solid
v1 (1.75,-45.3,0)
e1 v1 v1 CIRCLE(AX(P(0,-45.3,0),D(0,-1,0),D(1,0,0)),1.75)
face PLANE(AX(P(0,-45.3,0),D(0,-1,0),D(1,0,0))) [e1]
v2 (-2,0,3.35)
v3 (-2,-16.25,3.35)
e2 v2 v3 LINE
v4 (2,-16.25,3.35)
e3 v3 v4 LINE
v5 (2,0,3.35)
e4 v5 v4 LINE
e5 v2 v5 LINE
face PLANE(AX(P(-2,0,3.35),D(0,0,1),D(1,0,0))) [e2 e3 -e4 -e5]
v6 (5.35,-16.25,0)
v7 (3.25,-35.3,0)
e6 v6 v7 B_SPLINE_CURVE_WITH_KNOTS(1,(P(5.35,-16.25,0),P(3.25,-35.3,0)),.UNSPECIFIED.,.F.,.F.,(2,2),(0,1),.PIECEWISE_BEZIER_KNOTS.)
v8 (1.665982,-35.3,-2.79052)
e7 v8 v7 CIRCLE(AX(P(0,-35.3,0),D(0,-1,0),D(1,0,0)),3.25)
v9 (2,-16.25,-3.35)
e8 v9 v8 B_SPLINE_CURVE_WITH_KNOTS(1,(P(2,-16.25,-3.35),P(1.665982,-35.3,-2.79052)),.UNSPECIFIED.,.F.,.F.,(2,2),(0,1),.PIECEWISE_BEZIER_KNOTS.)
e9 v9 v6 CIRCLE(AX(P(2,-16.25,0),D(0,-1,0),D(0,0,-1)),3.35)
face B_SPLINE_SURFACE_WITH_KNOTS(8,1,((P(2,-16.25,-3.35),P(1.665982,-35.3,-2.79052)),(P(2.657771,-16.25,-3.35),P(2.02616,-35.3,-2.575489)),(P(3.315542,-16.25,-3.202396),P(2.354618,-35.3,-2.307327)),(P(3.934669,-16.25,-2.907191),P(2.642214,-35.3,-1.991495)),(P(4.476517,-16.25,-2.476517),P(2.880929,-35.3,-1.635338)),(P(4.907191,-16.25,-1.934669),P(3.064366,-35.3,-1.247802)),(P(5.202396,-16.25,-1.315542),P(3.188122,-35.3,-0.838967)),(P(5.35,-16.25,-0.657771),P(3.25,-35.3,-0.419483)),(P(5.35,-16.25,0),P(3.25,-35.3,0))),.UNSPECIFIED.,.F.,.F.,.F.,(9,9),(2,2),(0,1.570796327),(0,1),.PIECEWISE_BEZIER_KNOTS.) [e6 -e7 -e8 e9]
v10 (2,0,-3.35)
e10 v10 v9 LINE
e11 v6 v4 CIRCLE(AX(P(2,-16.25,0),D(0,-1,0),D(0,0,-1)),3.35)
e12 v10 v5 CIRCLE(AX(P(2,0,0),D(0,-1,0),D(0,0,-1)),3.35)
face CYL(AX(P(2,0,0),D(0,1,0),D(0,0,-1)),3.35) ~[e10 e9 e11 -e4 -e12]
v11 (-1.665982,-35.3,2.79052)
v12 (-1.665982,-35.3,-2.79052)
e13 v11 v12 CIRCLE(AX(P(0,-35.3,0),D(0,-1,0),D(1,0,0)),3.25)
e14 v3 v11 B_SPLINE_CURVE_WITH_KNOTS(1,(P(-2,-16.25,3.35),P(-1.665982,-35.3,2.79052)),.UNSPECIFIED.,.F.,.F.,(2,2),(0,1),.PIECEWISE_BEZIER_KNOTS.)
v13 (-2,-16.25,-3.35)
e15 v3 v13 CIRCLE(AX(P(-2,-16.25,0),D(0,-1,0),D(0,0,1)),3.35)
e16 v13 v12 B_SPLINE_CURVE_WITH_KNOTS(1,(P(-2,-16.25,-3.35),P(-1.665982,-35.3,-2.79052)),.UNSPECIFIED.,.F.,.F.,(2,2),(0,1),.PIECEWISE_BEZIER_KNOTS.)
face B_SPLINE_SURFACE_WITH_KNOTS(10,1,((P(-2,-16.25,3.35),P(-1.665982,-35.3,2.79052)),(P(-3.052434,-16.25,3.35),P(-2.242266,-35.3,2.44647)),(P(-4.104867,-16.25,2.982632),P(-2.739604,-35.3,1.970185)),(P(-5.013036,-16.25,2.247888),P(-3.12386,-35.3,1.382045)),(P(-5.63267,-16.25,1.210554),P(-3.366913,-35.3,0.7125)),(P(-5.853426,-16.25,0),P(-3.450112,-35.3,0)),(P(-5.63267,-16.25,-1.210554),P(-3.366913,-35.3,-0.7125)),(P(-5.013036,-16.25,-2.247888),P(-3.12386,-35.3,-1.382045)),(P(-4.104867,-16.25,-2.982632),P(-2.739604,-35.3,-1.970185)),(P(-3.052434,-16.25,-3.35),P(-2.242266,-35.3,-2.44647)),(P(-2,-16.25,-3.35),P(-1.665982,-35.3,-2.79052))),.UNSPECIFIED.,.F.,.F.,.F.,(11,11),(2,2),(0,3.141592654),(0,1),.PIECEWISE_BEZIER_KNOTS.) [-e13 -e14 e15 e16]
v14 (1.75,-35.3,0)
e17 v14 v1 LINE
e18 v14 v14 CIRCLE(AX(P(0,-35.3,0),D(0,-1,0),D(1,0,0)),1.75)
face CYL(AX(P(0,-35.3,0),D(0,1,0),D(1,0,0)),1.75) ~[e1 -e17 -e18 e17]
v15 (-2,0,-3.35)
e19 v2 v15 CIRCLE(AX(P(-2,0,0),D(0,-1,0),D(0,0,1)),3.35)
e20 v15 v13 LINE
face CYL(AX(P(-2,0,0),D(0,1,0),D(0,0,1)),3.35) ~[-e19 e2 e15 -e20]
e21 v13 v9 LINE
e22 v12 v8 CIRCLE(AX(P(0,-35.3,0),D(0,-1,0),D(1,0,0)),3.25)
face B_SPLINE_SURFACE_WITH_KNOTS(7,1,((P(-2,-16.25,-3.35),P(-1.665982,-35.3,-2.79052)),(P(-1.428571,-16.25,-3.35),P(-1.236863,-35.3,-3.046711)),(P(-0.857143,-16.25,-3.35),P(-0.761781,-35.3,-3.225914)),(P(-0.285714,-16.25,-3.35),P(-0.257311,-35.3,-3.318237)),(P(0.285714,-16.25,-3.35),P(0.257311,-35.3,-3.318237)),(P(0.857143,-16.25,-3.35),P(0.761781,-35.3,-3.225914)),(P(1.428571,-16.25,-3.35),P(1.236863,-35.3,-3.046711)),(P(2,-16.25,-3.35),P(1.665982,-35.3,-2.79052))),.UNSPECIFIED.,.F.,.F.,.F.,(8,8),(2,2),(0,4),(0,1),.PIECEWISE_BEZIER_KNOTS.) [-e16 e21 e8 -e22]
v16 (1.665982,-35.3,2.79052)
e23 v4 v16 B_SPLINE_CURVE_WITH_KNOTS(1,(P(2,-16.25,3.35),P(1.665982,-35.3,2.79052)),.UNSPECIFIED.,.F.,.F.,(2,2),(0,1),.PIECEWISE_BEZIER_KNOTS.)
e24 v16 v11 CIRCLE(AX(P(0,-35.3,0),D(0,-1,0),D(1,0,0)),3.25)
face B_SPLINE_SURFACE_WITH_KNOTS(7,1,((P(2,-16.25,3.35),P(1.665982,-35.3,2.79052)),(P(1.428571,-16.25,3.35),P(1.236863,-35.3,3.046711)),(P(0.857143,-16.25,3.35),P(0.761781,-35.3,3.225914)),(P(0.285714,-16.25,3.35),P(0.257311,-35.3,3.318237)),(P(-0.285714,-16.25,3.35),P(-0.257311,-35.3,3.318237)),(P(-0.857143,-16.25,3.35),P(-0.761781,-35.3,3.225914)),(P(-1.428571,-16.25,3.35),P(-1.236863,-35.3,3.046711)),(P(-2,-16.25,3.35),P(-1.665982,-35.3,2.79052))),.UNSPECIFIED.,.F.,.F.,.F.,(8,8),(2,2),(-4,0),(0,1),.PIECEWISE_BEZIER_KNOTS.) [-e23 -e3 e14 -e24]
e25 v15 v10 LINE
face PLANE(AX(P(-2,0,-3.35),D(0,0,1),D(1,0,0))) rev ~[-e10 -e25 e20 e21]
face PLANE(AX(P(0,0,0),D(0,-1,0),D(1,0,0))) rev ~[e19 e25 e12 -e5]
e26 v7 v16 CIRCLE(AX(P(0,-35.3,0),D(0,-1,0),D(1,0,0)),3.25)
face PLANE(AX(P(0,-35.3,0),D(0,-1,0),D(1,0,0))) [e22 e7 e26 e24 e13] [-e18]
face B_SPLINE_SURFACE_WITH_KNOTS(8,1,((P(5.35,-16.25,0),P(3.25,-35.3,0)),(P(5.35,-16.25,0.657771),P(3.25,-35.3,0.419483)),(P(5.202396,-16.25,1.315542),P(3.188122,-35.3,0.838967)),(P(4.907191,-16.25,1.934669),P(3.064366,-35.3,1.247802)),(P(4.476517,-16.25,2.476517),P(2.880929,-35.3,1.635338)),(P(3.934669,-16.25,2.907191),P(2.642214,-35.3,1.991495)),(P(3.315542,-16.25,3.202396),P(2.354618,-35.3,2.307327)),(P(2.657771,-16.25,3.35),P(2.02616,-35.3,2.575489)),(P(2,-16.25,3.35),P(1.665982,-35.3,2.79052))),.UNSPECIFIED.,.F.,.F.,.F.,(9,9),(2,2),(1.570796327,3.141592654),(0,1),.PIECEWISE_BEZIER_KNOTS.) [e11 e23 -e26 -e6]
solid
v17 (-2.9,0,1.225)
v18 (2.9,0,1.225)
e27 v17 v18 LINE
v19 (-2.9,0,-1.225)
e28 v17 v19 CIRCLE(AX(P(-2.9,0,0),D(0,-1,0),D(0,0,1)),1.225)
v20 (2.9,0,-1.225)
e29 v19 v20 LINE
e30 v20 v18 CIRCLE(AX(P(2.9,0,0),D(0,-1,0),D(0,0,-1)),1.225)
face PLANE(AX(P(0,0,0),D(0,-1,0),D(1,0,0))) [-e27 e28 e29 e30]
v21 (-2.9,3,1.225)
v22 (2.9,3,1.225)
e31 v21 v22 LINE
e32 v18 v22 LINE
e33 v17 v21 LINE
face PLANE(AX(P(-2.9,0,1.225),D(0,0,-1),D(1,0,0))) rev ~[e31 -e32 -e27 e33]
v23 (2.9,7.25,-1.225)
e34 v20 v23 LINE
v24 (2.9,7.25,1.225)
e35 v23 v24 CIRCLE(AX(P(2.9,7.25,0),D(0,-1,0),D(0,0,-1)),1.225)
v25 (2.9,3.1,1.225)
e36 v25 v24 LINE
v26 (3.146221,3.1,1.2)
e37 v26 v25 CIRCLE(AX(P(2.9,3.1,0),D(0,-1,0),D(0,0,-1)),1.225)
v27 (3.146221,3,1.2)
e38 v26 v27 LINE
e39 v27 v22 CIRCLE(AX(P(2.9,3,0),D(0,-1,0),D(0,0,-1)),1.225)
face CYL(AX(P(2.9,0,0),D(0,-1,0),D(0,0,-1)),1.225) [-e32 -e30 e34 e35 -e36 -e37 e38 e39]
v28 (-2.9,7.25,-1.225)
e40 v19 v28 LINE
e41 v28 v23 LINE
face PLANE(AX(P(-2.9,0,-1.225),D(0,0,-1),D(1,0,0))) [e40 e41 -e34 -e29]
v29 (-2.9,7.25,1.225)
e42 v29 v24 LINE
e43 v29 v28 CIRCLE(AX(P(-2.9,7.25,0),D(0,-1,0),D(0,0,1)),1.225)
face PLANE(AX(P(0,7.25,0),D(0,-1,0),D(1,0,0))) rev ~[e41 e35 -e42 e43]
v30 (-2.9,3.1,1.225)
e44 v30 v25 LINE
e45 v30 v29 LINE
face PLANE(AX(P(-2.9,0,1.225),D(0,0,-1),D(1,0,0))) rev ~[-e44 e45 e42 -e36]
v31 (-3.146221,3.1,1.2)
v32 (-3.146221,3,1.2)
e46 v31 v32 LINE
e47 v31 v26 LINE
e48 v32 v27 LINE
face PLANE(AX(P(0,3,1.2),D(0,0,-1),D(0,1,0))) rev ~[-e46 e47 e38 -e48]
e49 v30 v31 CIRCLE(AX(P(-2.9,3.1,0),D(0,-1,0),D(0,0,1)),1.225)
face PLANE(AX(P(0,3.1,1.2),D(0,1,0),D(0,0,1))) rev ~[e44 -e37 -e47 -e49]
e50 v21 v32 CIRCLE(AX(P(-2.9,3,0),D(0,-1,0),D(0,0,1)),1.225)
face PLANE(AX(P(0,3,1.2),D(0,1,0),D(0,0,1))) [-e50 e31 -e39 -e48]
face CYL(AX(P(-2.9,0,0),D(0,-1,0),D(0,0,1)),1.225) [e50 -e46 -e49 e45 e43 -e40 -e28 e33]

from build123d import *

# Parameters (mm, degrees)
PAD_DEPTH         = 16.25
SKETCH002_R       = 3.25
SKETCH003_R       = 1.75
PAD001_DEPTH      = 10
PAD002_DEPTH      = 7.25
SKETCH006_W       = 0.1
SKETCH006_H       = 10
POCKET_DEPTH      = 4.126
POCKET_DEPTH_BACK = -4.126


with BuildPart() as std_usbc_cable:
    # Sketch → Pad (new body)
    with BuildSketch(Plane.XZ):
        with BuildLine():
            ThreePointArc((-2, 3.35), (-5.35, 0), (-2, -3.35))
            Line((-2, -3.35), (2, -3.35))
            ThreePointArc((2, -3.35), (5.35, 0), (2, 3.35))
            Line((-2, 3.35), (2, 3.35))
        make_face()
    extrude(amount=PAD_DEPTH)

    # Sketch001 (on DatumPlane) → AdditiveLoft section 0
    with BuildSketch(Plane.XZ.offset(16.25)):
        with BuildLine():
            ThreePointArc((-2, 3.35), (-5.35, 0), (-2, -3.35))
            Line((-2, -3.35), (2, -3.35))
            ThreePointArc((2, -3.35), (5.35, 0), (2, 3.35))
            Line((-2, 3.35), (2, 3.35))
        make_face()
    # Sketch002 (on DatumPlane) → AdditiveLoft section 1
    with BuildSketch(Plane.XZ.offset(35.3)):
        Circle(SKETCH002_R)
    loft()

    # Sketch003 (on DatumPlane) → Pad001 (join)
    with BuildSketch(Plane.XZ.offset(35.3)):
        Circle(SKETCH003_R)
    extrude(amount=PAD001_DEPTH)


with BuildPart() as std_usbc_connector:
    # Sketch005 → Pad002 (new body)
    with BuildSketch(Plane.XZ):
        with BuildLine():
            ThreePointArc((-2.9, 1.225), (-4.125, 0), (-2.9, -1.225))
            Line((-2.9, -1.225), (2.9, -1.225))
            ThreePointArc((2.9, -1.225), (4.125, 0), (2.9, 1.225))
            Line((-2.9, 1.225), (2.9, 1.225))
        make_face()
    extrude(amount=-PAD002_DEPTH)

    # Sketch006 → Pocket (cut, two sides)
    with BuildSketch(Plane.YZ) as pocket_sk:
        with Locations((3.05, 6.2)):
            Rectangle(SKETCH006_W, SKETCH006_H)
    extrude(amount=-POCKET_DEPTH, mode=Mode.SUBTRACT)
    extrude(pocket_sk.sketch, amount=-POCKET_DEPTH_BACK, mode=Mode.SUBTRACT)


solid = Compound([std_usbc_cable.part, std_usbc_connector.part])
